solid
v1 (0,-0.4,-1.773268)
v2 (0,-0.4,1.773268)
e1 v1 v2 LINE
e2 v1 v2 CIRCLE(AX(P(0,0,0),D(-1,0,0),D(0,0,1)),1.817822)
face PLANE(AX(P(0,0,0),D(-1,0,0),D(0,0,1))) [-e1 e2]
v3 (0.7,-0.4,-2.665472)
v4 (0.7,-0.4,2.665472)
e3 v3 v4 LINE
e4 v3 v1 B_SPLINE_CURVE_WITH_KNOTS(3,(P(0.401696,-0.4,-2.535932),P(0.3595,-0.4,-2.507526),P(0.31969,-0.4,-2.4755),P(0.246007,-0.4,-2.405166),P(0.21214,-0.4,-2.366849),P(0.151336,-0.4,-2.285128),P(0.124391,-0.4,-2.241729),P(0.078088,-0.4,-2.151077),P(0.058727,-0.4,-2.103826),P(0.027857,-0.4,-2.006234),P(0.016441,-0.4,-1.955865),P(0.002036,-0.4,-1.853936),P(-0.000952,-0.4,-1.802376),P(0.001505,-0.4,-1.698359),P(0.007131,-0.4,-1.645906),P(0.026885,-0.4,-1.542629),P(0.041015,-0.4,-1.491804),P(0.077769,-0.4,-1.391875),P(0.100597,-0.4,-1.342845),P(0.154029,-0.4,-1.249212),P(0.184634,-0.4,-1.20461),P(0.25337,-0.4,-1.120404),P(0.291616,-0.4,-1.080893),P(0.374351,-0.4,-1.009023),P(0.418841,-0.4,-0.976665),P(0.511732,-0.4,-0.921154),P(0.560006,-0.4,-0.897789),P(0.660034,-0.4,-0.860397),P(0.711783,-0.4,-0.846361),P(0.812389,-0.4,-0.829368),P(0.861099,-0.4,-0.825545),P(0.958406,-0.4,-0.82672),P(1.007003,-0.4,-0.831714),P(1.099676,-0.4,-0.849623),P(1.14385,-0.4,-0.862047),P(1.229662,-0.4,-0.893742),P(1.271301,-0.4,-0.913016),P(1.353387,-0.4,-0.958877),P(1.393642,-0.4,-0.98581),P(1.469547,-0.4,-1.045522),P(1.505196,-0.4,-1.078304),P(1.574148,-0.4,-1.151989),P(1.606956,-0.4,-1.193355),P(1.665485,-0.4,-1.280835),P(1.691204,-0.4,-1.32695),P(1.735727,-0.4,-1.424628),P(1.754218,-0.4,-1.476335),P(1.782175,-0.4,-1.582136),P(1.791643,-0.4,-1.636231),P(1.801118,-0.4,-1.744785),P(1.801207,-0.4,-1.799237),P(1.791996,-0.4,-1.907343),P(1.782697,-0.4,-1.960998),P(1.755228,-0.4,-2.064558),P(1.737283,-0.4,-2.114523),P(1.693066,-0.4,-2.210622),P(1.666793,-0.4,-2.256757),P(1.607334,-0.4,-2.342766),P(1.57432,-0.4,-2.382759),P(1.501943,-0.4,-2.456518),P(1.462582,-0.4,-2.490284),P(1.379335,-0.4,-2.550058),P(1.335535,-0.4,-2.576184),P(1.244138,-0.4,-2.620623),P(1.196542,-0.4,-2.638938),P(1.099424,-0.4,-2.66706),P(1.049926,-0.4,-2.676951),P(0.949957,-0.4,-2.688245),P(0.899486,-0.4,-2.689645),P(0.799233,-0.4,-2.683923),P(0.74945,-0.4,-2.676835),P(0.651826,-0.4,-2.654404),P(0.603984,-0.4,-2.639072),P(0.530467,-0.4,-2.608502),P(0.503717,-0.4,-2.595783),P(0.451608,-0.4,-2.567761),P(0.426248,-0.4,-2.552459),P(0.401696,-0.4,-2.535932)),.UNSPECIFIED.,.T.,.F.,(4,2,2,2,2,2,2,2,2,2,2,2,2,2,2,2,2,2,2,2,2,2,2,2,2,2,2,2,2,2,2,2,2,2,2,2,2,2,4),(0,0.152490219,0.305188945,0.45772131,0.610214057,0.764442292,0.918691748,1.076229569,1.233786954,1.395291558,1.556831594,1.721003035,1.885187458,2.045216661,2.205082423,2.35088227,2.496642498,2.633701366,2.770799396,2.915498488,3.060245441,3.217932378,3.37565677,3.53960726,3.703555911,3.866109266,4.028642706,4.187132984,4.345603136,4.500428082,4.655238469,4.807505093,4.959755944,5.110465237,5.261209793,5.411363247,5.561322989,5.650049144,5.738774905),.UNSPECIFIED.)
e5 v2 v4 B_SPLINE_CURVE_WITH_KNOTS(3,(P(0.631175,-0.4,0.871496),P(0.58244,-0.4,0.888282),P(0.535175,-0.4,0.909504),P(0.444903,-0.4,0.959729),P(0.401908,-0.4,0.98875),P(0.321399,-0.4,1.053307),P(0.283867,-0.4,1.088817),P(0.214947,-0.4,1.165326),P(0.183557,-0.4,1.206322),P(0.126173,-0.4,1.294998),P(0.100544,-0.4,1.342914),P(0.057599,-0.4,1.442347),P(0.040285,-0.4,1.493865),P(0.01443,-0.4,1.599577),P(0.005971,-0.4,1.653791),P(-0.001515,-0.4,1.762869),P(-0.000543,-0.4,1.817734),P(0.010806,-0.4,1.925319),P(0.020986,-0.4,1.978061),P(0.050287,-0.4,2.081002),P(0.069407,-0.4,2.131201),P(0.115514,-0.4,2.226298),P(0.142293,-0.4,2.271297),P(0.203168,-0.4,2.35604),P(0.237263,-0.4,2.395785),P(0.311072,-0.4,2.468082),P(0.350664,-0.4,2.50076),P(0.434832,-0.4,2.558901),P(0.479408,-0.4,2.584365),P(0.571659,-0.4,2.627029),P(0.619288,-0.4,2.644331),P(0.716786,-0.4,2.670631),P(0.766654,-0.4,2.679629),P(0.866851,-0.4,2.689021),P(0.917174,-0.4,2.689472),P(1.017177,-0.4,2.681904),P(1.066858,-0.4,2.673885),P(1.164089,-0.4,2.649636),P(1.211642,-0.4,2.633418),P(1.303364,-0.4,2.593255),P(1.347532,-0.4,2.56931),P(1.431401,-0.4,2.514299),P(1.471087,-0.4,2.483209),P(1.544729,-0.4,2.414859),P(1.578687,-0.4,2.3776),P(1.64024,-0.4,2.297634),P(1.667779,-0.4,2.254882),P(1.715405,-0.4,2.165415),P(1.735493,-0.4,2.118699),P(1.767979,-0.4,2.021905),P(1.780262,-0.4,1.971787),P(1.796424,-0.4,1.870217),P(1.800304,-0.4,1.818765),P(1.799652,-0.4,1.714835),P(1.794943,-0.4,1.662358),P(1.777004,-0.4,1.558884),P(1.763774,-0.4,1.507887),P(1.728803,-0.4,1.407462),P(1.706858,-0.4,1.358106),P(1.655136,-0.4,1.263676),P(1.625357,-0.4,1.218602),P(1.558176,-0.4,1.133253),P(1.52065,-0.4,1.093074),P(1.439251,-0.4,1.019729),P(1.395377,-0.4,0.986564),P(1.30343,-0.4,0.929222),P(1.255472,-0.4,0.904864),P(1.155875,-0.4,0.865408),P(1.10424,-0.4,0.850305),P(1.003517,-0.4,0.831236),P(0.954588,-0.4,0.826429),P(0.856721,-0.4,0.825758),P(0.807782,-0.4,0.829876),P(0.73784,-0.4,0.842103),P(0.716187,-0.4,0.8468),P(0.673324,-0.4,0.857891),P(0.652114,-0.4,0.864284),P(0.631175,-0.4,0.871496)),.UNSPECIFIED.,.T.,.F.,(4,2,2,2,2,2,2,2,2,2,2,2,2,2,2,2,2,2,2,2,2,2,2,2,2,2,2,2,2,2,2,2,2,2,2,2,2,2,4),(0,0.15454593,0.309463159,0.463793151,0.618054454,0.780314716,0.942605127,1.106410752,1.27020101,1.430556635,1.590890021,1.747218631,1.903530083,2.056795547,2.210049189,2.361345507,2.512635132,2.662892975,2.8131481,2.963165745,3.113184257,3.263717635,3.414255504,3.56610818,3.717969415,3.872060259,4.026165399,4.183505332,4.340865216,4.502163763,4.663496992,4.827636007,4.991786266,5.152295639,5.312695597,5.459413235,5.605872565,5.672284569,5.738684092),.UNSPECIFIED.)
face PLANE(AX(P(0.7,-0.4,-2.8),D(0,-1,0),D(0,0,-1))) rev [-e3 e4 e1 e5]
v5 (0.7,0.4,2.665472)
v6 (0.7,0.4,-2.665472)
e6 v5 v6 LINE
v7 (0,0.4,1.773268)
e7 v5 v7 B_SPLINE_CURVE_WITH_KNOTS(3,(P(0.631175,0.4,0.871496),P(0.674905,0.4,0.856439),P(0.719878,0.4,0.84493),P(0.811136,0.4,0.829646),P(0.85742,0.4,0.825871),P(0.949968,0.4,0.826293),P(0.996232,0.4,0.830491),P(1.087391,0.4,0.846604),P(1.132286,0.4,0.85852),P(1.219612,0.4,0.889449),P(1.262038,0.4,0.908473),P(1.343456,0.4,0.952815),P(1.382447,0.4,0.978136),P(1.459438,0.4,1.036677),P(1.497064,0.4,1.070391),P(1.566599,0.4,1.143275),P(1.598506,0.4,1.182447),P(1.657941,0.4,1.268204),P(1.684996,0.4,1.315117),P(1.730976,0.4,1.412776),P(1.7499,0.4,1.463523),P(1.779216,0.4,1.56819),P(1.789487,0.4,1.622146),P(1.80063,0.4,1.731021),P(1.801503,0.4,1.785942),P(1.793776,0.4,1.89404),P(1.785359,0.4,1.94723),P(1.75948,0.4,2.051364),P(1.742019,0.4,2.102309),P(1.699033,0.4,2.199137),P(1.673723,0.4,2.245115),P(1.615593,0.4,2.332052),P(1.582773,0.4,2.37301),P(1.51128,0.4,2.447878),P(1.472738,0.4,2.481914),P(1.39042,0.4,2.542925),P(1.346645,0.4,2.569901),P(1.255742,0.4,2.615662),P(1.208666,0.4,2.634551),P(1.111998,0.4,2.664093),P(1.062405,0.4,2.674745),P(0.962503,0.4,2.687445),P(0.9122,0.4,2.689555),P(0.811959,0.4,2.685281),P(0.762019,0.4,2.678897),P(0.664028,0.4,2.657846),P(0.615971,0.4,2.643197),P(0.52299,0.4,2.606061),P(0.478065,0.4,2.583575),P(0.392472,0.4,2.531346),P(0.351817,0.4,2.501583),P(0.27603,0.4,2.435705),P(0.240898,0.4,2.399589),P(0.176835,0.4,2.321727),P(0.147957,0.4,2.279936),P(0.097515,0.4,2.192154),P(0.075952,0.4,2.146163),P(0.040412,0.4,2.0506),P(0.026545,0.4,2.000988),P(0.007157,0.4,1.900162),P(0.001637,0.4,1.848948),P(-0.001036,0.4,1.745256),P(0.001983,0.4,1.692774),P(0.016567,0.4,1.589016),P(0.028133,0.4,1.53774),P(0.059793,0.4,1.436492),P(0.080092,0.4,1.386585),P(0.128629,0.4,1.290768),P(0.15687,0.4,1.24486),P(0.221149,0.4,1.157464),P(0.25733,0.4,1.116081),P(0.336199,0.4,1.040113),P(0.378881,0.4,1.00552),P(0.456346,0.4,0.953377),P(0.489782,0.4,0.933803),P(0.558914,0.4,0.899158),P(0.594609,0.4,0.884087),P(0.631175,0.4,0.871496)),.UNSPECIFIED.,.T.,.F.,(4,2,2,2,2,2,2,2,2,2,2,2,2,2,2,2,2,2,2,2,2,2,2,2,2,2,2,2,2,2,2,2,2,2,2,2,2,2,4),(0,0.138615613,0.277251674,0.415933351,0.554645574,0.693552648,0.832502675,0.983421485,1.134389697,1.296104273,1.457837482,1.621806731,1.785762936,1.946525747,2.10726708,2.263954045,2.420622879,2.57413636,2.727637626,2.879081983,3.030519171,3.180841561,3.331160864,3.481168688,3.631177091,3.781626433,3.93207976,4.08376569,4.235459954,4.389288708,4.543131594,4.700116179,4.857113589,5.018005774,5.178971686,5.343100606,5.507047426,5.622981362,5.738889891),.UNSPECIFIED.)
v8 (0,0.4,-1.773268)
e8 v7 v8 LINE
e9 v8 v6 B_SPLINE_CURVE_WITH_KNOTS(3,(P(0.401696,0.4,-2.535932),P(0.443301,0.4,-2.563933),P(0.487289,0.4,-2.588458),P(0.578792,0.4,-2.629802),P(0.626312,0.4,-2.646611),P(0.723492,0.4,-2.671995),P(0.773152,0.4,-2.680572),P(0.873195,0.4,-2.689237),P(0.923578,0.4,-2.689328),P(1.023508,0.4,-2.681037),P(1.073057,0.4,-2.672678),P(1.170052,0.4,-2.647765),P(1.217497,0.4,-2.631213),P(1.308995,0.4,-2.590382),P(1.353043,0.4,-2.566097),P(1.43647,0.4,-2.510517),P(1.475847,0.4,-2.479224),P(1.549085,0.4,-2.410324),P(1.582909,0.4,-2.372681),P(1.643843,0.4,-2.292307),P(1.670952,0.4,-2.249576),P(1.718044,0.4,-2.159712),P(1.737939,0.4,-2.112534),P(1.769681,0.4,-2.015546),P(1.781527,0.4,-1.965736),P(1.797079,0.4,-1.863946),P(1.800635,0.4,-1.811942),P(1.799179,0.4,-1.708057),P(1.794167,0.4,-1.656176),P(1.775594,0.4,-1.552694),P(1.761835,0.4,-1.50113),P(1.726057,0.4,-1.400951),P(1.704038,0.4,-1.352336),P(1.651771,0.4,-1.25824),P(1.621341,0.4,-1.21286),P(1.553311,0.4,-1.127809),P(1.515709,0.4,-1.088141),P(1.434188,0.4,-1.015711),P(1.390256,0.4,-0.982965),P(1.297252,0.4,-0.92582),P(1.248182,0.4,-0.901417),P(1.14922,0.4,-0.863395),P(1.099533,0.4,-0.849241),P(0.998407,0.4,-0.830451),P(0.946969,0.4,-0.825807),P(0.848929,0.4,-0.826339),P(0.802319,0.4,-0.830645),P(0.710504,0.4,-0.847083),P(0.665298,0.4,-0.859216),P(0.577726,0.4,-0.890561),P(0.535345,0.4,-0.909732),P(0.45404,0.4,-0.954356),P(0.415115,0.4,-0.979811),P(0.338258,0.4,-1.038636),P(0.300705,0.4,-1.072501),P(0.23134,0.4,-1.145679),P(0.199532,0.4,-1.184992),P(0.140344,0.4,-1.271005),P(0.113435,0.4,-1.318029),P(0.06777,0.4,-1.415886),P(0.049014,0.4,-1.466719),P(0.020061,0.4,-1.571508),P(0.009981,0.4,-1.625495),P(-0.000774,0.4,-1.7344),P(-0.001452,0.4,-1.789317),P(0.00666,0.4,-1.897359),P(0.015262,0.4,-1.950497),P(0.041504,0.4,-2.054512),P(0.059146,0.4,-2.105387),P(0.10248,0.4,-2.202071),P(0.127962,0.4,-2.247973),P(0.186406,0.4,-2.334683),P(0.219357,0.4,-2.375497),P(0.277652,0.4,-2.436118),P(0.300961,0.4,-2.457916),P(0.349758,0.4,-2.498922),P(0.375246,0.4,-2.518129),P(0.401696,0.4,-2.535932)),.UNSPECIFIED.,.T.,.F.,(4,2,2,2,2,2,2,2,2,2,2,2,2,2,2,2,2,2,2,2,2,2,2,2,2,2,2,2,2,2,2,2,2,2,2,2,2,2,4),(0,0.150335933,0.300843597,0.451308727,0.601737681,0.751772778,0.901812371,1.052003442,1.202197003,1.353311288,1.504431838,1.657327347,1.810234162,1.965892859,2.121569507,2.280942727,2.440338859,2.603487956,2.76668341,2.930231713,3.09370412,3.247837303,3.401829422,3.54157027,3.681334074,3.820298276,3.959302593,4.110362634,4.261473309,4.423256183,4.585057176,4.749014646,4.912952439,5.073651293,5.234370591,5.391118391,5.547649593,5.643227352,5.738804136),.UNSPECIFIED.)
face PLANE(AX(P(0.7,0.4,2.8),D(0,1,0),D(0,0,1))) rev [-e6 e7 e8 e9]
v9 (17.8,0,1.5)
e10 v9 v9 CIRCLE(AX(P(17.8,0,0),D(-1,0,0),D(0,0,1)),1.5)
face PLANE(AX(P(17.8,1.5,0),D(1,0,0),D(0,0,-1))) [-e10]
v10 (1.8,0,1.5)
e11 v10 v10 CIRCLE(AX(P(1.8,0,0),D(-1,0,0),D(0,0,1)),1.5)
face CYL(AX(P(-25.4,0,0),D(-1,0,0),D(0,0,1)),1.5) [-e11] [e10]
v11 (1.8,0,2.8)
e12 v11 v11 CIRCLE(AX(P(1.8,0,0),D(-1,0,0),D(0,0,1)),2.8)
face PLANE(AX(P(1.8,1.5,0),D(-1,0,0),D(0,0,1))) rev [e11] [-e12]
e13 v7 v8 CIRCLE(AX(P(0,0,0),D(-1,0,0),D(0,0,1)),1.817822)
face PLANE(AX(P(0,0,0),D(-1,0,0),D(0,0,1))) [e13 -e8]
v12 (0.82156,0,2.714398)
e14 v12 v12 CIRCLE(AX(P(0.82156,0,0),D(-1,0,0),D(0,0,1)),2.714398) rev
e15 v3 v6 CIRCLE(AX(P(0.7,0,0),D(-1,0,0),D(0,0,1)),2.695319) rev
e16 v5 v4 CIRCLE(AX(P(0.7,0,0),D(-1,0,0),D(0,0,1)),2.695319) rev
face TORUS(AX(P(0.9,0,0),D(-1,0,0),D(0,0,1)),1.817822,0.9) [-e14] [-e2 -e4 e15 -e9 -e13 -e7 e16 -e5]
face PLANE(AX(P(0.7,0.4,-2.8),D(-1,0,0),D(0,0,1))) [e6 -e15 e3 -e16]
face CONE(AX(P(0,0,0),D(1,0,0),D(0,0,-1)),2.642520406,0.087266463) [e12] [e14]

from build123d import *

# Parameters (mm, degrees)
FILLET2_R  = 0.9
SKETCH2_W  = 5.6
SKETCH2_H  = 0.8
SLOT_DEPTH = 0.7


with BuildPart() as part:
    # BodySke → Base-Revolve (revolve)
    with BuildSketch(Plane.XY, mode=Mode.PRIVATE) as base_revolve_sk:
        Polygon((1.8, 1.5), (1.8, 2.8), (0, 2.642520406), (0, 0), (17.8, 0), (17.8, 1.5), align=None)
    revolve(base_revolve_sk.sketch.rotate(Axis((-25.4, 0, 0), (1, 0, 0)), 90), axis=Axis((-25.4, 0, 0), (1, 0, 0)))

    # Fillet2
    fillet2_edges = [part.edges().sort_by_distance(p)[0] for p in [
        (0, 0, -2.642520406),
    ]]
    fillet(fillet2_edges, radius=FILLET2_R)

    # Sketch2 → Slot (cut)
    with BuildSketch(Plane(origin=(0, 0, 0), x_dir=(0, 0, -1), z_dir=(1, 0, 0))):
        Rectangle(SKETCH2_W, SKETCH2_H)
    extrude(amount=SLOT_DEPTH, mode=Mode.SUBTRACT)


solid = part.part
